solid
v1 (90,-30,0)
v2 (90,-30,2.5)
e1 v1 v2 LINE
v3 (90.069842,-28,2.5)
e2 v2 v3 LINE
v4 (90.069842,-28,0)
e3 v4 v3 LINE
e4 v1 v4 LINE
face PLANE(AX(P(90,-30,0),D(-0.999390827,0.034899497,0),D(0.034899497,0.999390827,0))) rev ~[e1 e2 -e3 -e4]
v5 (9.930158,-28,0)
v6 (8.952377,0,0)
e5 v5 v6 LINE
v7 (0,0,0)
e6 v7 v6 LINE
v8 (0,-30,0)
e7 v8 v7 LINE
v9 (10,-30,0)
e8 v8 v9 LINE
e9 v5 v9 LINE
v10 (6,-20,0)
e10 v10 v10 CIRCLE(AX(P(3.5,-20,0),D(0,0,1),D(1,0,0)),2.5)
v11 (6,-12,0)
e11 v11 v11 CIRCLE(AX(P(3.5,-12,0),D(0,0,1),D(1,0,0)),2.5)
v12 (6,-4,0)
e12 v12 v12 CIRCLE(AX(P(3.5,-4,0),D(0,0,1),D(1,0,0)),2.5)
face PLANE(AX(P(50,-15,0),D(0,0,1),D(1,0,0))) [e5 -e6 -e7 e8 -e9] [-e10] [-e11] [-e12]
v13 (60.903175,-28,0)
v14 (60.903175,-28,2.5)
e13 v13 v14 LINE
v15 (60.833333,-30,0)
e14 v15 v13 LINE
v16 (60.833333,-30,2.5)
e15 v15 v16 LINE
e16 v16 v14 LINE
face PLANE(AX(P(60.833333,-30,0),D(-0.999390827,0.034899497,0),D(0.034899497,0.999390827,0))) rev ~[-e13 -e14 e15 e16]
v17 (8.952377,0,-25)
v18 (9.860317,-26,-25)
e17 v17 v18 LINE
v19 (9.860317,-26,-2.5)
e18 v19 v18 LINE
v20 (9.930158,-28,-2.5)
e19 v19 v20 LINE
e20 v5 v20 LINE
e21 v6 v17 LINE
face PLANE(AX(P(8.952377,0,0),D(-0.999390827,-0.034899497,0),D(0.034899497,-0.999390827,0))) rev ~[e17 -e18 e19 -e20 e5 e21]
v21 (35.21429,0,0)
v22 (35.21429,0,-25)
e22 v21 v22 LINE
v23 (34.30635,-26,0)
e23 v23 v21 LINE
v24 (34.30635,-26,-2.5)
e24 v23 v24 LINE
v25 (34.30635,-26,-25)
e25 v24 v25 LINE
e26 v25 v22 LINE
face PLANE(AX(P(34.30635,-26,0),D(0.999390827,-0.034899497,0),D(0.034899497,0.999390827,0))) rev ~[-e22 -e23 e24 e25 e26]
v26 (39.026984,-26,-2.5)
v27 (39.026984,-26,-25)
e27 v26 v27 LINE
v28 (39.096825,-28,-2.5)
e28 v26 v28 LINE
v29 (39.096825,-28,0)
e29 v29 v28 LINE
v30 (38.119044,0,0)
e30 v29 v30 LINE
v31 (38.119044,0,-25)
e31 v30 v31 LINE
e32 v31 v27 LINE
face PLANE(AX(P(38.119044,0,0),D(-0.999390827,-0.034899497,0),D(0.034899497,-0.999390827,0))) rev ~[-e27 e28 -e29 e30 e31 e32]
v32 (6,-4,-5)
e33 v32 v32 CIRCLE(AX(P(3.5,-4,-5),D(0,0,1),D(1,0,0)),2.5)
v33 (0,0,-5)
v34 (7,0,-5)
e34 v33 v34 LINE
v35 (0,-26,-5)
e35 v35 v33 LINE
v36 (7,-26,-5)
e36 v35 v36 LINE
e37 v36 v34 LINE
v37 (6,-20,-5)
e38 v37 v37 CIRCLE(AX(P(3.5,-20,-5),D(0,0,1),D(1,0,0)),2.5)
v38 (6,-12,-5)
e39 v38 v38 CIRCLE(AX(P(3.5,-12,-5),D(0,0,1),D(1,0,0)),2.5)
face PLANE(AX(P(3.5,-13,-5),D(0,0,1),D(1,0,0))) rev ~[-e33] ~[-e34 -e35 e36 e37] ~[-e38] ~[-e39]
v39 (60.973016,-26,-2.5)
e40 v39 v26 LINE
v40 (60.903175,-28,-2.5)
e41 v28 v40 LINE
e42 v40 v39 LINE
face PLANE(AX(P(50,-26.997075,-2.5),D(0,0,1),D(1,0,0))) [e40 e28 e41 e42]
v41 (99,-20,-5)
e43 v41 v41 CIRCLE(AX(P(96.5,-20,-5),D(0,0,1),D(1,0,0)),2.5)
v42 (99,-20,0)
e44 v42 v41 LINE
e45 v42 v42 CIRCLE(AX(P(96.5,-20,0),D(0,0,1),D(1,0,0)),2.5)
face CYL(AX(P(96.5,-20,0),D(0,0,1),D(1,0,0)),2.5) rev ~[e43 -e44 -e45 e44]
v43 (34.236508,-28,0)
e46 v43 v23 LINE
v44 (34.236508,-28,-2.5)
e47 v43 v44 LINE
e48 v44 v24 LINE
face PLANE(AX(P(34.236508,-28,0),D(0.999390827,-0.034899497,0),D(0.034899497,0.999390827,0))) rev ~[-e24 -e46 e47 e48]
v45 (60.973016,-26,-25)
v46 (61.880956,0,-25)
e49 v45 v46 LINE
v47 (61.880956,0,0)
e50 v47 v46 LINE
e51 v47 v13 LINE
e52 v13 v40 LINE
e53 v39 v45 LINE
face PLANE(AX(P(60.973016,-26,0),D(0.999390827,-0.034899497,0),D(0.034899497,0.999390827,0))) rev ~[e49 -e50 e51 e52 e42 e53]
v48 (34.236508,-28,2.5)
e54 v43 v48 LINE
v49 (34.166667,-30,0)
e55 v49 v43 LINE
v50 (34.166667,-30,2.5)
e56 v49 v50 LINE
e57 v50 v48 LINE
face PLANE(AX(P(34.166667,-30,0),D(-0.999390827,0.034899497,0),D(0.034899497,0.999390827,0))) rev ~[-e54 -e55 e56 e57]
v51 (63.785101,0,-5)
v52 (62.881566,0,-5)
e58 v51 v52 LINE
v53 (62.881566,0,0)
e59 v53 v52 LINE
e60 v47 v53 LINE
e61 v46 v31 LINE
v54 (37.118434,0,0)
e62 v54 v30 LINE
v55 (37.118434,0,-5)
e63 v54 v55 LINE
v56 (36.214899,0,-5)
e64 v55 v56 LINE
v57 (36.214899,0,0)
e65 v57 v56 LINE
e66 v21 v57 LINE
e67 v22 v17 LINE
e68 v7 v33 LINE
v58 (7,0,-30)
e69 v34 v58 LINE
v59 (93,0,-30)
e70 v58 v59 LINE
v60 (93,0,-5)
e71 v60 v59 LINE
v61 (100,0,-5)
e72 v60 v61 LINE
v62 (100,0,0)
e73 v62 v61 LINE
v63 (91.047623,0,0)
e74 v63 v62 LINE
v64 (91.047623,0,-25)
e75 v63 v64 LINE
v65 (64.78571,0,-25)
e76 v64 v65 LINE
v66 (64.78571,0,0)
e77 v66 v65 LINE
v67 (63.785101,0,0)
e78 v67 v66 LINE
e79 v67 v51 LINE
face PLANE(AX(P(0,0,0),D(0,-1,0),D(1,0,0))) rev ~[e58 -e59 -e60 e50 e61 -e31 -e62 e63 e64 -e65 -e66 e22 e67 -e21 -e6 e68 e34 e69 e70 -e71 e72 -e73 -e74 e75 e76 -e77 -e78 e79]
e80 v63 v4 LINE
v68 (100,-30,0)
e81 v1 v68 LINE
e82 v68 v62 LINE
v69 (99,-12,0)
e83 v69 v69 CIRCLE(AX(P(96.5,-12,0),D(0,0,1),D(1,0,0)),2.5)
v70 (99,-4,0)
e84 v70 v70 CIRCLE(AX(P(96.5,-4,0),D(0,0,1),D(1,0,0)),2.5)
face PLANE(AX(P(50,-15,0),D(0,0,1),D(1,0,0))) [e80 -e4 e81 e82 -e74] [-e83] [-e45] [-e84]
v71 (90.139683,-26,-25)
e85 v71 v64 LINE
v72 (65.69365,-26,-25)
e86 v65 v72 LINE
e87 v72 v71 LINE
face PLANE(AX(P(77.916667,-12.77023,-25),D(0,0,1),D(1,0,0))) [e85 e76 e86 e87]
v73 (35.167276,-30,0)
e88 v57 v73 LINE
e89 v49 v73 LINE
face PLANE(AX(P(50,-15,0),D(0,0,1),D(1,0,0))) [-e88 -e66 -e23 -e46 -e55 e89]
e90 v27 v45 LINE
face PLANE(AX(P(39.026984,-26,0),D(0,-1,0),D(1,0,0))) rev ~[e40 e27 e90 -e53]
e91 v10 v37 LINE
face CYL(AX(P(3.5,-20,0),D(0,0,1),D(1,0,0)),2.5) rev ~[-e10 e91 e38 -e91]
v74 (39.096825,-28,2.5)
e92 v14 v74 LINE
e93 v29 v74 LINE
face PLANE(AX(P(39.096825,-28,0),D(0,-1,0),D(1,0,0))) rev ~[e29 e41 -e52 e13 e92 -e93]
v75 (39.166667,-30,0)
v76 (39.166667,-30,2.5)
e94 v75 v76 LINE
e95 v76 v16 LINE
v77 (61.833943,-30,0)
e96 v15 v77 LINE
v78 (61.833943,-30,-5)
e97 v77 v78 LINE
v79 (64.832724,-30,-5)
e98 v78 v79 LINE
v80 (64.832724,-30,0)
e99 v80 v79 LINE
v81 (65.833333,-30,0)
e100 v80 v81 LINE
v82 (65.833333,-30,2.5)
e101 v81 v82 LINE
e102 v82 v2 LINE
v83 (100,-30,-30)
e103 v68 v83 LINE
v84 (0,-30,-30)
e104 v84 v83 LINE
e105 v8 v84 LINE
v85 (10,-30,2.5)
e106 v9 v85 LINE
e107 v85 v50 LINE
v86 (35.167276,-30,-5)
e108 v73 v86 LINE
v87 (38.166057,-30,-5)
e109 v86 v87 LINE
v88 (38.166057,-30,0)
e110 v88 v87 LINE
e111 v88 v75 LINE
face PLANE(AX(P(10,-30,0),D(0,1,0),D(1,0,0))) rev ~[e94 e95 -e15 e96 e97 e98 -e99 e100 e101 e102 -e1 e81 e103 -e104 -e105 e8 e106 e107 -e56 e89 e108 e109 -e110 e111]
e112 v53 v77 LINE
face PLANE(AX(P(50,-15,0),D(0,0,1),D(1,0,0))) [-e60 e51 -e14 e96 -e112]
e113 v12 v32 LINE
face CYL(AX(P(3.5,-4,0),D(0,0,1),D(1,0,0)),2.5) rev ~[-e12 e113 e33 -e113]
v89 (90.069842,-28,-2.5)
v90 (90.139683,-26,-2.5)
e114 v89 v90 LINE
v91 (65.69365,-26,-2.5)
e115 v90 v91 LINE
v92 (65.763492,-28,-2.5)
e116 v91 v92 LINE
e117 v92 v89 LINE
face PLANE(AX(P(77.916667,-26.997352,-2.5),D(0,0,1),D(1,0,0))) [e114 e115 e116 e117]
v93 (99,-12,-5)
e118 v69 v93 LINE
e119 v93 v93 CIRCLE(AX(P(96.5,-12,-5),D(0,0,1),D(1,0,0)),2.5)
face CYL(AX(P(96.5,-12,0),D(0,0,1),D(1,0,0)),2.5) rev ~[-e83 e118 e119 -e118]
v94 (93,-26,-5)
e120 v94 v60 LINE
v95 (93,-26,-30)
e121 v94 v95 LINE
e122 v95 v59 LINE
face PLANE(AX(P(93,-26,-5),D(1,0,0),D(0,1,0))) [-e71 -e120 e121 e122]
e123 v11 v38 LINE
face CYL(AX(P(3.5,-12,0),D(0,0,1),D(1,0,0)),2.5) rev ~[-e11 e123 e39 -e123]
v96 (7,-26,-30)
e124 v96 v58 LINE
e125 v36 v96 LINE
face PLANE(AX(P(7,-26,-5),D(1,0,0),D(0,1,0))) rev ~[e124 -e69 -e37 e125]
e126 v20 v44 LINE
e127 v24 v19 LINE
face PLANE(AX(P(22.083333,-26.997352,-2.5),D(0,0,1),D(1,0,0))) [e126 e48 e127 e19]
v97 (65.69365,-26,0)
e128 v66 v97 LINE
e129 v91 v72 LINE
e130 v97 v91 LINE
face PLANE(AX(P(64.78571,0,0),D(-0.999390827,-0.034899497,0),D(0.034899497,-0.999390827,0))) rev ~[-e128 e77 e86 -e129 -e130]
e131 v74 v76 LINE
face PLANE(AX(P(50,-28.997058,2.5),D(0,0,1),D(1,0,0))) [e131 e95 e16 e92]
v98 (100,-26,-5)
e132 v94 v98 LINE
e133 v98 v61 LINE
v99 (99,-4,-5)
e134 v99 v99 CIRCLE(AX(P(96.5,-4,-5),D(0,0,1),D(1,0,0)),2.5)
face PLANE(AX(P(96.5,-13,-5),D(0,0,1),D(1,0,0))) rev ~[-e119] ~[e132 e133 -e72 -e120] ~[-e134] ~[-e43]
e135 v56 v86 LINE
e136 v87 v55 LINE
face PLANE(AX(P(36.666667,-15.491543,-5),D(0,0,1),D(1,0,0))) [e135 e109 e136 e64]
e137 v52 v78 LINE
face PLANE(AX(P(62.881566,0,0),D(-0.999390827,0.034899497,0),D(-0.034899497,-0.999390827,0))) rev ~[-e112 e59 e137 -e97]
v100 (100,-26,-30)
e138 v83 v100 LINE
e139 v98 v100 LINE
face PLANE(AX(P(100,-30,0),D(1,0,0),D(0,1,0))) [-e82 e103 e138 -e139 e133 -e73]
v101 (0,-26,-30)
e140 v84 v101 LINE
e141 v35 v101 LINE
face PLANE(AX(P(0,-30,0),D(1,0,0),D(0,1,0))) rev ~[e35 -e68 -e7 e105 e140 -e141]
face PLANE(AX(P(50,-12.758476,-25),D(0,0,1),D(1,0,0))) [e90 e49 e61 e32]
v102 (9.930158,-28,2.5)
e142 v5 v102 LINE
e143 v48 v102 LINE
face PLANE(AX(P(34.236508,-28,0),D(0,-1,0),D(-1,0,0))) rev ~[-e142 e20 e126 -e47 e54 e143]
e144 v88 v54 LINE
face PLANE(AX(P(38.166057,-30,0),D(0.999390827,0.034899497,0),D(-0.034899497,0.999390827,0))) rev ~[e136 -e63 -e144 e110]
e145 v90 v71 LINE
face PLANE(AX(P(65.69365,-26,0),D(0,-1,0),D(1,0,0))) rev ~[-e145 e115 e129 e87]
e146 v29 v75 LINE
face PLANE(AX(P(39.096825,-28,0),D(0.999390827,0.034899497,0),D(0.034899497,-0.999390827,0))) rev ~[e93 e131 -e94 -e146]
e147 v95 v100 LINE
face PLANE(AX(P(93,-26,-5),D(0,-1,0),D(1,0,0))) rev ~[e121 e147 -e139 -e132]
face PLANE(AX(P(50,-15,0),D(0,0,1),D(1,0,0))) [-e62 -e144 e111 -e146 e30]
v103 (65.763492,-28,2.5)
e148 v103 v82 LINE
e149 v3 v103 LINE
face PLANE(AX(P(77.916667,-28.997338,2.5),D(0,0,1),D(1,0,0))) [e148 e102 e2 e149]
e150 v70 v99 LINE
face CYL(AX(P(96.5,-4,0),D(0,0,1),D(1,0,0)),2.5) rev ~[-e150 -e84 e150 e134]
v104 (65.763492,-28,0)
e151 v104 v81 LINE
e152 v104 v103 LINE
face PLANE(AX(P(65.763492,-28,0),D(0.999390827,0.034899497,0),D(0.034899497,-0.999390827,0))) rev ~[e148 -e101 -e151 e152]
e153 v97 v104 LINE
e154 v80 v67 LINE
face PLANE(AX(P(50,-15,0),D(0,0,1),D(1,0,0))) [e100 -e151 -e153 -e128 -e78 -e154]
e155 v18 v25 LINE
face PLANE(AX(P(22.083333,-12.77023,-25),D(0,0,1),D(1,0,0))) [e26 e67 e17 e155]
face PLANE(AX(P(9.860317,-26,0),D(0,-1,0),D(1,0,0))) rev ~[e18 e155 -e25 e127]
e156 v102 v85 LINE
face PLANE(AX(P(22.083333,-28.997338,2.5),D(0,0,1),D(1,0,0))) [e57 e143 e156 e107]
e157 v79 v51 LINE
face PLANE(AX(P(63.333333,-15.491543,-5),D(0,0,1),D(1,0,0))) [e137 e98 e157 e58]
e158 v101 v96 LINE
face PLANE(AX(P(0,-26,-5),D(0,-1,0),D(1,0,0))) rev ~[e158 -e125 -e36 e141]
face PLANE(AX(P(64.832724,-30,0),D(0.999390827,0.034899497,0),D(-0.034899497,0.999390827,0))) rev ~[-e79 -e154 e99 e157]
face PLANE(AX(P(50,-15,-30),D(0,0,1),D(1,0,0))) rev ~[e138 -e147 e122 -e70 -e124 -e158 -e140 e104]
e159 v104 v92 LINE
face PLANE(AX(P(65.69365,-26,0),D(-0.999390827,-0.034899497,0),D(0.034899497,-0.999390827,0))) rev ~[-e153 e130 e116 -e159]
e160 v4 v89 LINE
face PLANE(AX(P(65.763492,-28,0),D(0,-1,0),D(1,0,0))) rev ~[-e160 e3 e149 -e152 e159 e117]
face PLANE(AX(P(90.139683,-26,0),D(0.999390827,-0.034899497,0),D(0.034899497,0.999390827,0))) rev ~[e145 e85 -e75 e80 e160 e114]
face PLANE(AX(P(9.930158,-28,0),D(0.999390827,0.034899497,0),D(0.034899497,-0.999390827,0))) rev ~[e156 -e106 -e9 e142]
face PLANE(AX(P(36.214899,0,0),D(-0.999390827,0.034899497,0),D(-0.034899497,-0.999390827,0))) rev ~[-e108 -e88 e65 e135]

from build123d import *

# Parameters (mm, degrees)
SKETCH3_W           = 100
SKETCH3_H           = 30
BOSS_EXTRUDE1_DEPTH = 30
SKETCH3_6_R         = 2.5
CUT_EXTRUDE1_DEPTH  = 25
CUT_EXTRUDE2_DEPTH  = 5
CUT_EXTRUDE3_START  = -5
SKETCH3_9_W         = 7
SKETCH3_9_H         = 26
CUT_EXTRUDE3_DEPTH  = 104.627804912
CUT_EXTRUDE4_DEPTH  = 2.5
BOSS_EXTRUDE2_DEPTH = 2.5


with BuildPart() as part:
    # Sketch3 → Boss-Extrude1 (new body)
    with BuildSketch(Plane.XY):
        with Locations((50, -15)):
            Rectangle(SKETCH3_W, SKETCH3_H)
    extrude(amount=-BOSS_EXTRUDE1_DEPTH)

    # Sketch3<6> → Cut-Extrude1 (cut)
    with BuildSketch(Plane.XY):
        Polygon((35.214289751, 0), (8.952376915, 0), (9.860316922, -26), (34.306349745, -26), align=None)
        Polygon((61.880956418, 0), (38.119043582, 0), (39.026983589, -26), (60.973016411, -26), align=None)
        Polygon((91.047623085, 0), (64.785710249, 0), (65.693650255, -26), (90.139683078, -26), align=None)
        with Locations((3.5, -4)):
            Circle(SKETCH3_6_R)
        with Locations((3.5, -12)):
            Circle(SKETCH3_6_R)
        with Locations((3.5, -20)):
            Circle(SKETCH3_6_R)
        with Locations((96.5, -4)):
            Circle(SKETCH3_6_R)
        with Locations((96.5, -12)):
            Circle(SKETCH3_6_R)
        with Locations((96.5, -20)):
            Circle(SKETCH3_6_R)
    extrude(amount=-CUT_EXTRUDE1_DEPTH, mode=Mode.SUBTRACT)

    # Sketch3<8> → Cut-Extrude2 (cut)
    with BuildSketch(Plane.XY):
        Polygon((37.118434038, 0), (36.214899296, 0), (35.167276211, -30), (38.166057122, -30), align=None)
        Polygon((63.785100704, 0), (62.881565962, 0), (61.833942878, -30), (64.832723789, -30), align=None)
    extrude(amount=-CUT_EXTRUDE2_DEPTH, mode=Mode.SUBTRACT)

    # Sketch3<9> → Cut-Extrude3 (cut, through all)
    with BuildSketch(Plane.XY.offset(CUT_EXTRUDE3_START)):
        with Locations((3.5, -13)):
            Rectangle(SKETCH3_9_W, SKETCH3_9_H)
        with Locations((96.5, -13)):
            Rectangle(SKETCH3_9_W, SKETCH3_9_H)
    extrude(amount=-CUT_EXTRUDE3_DEPTH, mode=Mode.SUBTRACT)

    # Sketch3<10> → Cut-Extrude4 (cut)
    with BuildSketch(Plane.XY):
        Polygon((34.306349745, -26), (9.860316922, -26), (9.930158461, -28), (34.236508206, -28), align=None)
        Polygon((60.973016411, -26), (39.026983589, -26), (39.096825128, -28), (60.903174872, -28), align=None)
        Polygon((90.139683078, -26), (65.693650255, -26), (65.763491794, -28), (90.069841539, -28), align=None)
    extrude(amount=-CUT_EXTRUDE4_DEPTH, mode=Mode.SUBTRACT)

    # Sketch3<11> → Boss-Extrude2 (add)
    with BuildSketch(Plane.XY):
        Polygon((34.236508206, -28), (9.930158461, -28), (10, -30), (34.166666667, -30), align=None)
        Polygon((60.903174872, -28), (39.096825128, -28), (39.166666667, -30), (60.833333333, -30), align=None)
        Polygon((90.069841539, -28), (65.763491794, -28), (65.833333333, -30), (90, -30), align=None)
    extrude(amount=BOSS_EXTRUDE2_DEPTH)


solid = part.part
